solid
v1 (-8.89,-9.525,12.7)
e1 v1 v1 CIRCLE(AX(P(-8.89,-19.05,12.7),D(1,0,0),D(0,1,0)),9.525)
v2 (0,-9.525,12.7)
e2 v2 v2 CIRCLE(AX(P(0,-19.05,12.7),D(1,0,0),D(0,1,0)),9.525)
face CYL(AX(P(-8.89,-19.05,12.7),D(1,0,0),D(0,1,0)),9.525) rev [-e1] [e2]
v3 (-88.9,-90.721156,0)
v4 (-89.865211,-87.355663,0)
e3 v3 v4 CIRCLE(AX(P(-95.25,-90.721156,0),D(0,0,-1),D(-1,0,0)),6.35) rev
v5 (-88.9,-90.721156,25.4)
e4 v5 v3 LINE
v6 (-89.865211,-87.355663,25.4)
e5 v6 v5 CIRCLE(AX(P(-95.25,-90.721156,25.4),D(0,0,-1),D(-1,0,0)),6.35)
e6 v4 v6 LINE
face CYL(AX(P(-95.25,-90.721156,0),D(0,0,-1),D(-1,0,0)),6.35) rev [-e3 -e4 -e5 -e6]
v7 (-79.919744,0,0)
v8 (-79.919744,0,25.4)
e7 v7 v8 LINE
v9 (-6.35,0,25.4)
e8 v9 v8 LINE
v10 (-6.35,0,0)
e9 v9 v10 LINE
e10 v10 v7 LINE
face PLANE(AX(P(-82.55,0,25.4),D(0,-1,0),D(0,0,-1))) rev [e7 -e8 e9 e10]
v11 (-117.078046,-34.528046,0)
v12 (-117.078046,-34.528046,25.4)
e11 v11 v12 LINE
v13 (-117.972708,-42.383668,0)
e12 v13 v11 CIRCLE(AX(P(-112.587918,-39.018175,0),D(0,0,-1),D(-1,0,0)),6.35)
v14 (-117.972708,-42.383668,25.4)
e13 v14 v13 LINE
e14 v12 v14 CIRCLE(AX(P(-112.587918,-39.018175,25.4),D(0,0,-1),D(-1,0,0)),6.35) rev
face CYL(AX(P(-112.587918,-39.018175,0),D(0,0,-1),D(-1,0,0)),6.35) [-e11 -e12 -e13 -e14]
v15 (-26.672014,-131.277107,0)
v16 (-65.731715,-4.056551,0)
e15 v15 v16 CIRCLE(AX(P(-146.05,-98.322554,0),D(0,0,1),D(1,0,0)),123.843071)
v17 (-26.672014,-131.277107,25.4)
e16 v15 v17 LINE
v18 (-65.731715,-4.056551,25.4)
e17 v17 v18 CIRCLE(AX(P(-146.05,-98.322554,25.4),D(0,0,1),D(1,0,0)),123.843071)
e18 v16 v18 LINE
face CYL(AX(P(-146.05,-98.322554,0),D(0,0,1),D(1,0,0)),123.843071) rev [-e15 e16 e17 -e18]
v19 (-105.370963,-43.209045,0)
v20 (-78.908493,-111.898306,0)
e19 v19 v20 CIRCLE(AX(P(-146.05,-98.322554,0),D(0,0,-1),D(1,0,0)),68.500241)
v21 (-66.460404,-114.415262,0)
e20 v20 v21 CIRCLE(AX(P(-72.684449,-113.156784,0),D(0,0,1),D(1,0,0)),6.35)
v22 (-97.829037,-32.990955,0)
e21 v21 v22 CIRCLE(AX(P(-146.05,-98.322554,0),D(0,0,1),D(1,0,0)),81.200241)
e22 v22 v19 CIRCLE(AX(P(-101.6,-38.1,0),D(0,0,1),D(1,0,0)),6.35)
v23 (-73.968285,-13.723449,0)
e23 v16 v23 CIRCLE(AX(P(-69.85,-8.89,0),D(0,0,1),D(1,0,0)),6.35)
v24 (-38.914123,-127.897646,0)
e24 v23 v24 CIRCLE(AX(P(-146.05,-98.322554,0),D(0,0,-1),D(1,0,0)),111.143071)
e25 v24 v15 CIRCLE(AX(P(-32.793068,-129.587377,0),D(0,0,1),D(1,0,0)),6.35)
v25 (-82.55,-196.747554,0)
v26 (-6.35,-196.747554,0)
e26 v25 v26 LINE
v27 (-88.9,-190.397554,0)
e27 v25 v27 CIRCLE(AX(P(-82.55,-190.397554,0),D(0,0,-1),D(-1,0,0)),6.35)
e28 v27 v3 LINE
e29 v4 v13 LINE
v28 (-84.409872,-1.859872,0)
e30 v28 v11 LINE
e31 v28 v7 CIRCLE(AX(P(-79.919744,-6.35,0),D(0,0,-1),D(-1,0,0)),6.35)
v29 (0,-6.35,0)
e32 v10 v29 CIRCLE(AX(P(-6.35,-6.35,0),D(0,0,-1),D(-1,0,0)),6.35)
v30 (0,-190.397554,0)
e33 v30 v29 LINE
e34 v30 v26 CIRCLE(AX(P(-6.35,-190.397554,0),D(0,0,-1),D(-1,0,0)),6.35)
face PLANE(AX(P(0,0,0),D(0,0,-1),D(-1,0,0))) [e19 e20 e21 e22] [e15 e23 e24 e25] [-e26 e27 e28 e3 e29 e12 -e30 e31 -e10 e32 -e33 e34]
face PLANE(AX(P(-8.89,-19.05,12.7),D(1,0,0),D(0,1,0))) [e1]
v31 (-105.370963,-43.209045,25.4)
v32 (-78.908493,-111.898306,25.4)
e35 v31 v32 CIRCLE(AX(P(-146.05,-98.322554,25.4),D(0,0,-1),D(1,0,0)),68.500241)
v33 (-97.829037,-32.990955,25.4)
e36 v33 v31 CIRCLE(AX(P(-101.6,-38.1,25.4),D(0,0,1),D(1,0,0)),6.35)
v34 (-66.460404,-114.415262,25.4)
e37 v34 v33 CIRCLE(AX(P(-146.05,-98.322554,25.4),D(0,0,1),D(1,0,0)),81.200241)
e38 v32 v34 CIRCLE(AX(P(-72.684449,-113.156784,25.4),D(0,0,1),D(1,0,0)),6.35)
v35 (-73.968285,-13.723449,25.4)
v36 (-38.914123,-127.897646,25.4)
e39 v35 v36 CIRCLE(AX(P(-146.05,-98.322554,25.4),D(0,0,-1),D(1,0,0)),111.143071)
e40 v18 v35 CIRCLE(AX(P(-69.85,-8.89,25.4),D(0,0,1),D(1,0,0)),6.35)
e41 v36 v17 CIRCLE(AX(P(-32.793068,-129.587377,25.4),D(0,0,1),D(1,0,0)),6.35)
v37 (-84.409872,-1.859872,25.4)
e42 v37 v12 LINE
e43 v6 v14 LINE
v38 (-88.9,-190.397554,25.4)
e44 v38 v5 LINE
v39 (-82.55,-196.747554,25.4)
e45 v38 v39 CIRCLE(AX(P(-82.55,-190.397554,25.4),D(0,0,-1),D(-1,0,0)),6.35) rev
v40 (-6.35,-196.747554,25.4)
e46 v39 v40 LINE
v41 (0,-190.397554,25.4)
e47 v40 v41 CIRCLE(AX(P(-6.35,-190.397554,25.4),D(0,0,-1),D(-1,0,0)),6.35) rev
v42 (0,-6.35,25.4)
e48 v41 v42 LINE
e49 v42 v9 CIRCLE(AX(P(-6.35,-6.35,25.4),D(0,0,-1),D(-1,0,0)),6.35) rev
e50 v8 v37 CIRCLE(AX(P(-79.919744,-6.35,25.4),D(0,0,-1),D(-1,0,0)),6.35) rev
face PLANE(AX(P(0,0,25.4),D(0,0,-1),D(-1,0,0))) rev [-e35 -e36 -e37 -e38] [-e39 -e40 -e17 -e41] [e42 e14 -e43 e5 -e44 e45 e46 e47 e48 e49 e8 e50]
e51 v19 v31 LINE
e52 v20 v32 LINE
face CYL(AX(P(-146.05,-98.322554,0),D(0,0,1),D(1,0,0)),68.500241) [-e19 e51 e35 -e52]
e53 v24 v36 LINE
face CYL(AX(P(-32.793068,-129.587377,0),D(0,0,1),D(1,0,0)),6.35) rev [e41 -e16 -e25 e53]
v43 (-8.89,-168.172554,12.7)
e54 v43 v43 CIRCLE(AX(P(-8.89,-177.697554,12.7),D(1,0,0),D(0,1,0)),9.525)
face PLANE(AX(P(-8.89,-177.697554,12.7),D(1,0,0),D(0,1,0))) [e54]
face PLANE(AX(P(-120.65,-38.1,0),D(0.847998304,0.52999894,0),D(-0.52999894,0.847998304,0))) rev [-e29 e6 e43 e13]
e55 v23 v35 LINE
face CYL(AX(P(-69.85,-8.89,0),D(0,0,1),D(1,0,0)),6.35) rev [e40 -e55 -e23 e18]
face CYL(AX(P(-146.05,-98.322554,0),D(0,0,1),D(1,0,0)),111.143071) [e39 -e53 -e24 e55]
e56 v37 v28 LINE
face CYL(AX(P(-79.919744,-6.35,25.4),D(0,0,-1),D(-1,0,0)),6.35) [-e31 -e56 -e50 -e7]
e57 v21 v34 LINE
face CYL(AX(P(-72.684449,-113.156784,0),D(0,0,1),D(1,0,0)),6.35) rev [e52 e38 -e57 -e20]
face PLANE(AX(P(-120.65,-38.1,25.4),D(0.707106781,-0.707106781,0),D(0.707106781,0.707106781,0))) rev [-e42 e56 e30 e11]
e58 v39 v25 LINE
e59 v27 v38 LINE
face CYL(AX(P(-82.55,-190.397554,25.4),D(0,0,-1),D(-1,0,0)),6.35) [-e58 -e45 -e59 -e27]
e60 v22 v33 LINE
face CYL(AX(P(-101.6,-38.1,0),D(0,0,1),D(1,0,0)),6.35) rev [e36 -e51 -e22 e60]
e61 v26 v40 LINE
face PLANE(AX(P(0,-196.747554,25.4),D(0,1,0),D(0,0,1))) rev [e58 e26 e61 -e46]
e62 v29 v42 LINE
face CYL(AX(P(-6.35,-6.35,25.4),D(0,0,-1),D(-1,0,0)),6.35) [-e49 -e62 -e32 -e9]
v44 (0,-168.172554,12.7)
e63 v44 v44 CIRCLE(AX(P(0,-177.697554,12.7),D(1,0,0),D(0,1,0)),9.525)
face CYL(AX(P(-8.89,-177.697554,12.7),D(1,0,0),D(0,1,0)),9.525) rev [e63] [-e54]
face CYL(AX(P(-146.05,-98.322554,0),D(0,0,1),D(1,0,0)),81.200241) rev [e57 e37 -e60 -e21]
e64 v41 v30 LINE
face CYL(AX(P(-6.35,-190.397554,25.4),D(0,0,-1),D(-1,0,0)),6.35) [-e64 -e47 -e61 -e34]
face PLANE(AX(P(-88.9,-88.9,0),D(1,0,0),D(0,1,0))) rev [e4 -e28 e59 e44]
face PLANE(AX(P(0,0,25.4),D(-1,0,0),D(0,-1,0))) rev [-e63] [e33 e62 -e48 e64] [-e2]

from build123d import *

# Parameters (mm, degrees)
BOSS_EXTRUDE1_DEPTH = 25.4
SKETCH2_R           = 9.525
CUT_EXTRUDE1_DEPTH  = 8.89
CUT_EXTRUDE2_DEPTH  = 26.4
CUT_EXTRUDE3_DEPTH  = 26.4
FILLET1_R           = 6.35


with BuildPart() as part:
    # Sketch1 → Boss-Extrude1 (new body)
    with BuildSketch(Plane.XY):
        Polygon((0, 0), (0, -196.747553987), (-88.9, -196.747553987), (-120.65, -158.647553987), (-120.65, -38.1), (-82.55, 0), align=None)
    extrude(amount=BOSS_EXTRUDE1_DEPTH)

    # Sketch2 → Cut-Extrude1 (cut)
    with BuildSketch(Plane(origin=(0, 0, 0), x_dir=(0, 0, -1), z_dir=(1, 0, 0))):
        with Locations((-12.7, -19.05)):
            Circle(SKETCH2_R)
        with Locations((-12.7, -177.697553987)):
            Circle(SKETCH2_R)
    extrude(amount=-CUT_EXTRUDE1_DEPTH, mode=Mode.SUBTRACT)

    # Sketch3 → Cut-Extrude2 (cut, through all)
    with BuildSketch(Plane.XY.offset(25.4)):
        with BuildLine():
            ThreePointArc((-66.460403821, -114.415261768), (-70.27820982, -69.131547214), (-97.829036835, -32.990955392))
            ThreePointArc((-97.829036835, -32.990955392), (-106.709044608, -34.329036835), (-105.370963165, -43.209044608))
            ThreePointArc((-105.370963165, -43.209044608), (-82.129181306, -73.697122187), (-78.908493442, -111.898306307))
            ThreePointArc((-78.908493442, -111.898306307), (-73.942926362, -119.380828848), (-66.460403821, -114.415261768))
        make_face()
        with BuildLine():
            ThreePointArc((-26.672013645, -131.277107348), (-27.661158876, -61.974397079), (-65.731714588, -4.056551411))
            ThreePointArc((-65.731714588, -4.056551411), (-74.683448589, -4.771714588), (-73.968285412, -13.723448589))
            ThreePointArc((-73.968285412, -13.723448589), (-39.80183232, -65.701869188), (-38.914123079, -127.897646353))
            ThreePointArc((-38.914123079, -127.897646353), (-34.48279886, -135.708431567), (-26.672013645, -131.277107348))
        make_face()
    extrude(amount=-CUT_EXTRUDE2_DEPTH, mode=Mode.SUBTRACT)

    # Sketch4 → Cut-Extrude3 (cut, through all)
    with BuildSketch(Plane.XY.offset(25.4)):
        Polygon((-120.65, -38.1), (-88.9, -88.9), (-88.9, -196.747553987), (-120.65, -158.647553987), align=None)
    extrude(amount=-CUT_EXTRUDE3_DEPTH, mode=Mode.SUBTRACT)

    # Fillet1
    fillet1_edges = [part.edges().sort_by_distance(p)[0] for p in [
        (-88.9, -196.747553987, 12.7),
        (-120.65, -38.1, 12.7),
        (-82.55, 0, 12.7),
        (0, 0, 12.7),
        (0, -196.747553987, 12.7),
        (-88.9, -88.9, 12.7),
    ]]
    fillet(fillet1_edges, radius=FILLET1_R)


solid = part.part
